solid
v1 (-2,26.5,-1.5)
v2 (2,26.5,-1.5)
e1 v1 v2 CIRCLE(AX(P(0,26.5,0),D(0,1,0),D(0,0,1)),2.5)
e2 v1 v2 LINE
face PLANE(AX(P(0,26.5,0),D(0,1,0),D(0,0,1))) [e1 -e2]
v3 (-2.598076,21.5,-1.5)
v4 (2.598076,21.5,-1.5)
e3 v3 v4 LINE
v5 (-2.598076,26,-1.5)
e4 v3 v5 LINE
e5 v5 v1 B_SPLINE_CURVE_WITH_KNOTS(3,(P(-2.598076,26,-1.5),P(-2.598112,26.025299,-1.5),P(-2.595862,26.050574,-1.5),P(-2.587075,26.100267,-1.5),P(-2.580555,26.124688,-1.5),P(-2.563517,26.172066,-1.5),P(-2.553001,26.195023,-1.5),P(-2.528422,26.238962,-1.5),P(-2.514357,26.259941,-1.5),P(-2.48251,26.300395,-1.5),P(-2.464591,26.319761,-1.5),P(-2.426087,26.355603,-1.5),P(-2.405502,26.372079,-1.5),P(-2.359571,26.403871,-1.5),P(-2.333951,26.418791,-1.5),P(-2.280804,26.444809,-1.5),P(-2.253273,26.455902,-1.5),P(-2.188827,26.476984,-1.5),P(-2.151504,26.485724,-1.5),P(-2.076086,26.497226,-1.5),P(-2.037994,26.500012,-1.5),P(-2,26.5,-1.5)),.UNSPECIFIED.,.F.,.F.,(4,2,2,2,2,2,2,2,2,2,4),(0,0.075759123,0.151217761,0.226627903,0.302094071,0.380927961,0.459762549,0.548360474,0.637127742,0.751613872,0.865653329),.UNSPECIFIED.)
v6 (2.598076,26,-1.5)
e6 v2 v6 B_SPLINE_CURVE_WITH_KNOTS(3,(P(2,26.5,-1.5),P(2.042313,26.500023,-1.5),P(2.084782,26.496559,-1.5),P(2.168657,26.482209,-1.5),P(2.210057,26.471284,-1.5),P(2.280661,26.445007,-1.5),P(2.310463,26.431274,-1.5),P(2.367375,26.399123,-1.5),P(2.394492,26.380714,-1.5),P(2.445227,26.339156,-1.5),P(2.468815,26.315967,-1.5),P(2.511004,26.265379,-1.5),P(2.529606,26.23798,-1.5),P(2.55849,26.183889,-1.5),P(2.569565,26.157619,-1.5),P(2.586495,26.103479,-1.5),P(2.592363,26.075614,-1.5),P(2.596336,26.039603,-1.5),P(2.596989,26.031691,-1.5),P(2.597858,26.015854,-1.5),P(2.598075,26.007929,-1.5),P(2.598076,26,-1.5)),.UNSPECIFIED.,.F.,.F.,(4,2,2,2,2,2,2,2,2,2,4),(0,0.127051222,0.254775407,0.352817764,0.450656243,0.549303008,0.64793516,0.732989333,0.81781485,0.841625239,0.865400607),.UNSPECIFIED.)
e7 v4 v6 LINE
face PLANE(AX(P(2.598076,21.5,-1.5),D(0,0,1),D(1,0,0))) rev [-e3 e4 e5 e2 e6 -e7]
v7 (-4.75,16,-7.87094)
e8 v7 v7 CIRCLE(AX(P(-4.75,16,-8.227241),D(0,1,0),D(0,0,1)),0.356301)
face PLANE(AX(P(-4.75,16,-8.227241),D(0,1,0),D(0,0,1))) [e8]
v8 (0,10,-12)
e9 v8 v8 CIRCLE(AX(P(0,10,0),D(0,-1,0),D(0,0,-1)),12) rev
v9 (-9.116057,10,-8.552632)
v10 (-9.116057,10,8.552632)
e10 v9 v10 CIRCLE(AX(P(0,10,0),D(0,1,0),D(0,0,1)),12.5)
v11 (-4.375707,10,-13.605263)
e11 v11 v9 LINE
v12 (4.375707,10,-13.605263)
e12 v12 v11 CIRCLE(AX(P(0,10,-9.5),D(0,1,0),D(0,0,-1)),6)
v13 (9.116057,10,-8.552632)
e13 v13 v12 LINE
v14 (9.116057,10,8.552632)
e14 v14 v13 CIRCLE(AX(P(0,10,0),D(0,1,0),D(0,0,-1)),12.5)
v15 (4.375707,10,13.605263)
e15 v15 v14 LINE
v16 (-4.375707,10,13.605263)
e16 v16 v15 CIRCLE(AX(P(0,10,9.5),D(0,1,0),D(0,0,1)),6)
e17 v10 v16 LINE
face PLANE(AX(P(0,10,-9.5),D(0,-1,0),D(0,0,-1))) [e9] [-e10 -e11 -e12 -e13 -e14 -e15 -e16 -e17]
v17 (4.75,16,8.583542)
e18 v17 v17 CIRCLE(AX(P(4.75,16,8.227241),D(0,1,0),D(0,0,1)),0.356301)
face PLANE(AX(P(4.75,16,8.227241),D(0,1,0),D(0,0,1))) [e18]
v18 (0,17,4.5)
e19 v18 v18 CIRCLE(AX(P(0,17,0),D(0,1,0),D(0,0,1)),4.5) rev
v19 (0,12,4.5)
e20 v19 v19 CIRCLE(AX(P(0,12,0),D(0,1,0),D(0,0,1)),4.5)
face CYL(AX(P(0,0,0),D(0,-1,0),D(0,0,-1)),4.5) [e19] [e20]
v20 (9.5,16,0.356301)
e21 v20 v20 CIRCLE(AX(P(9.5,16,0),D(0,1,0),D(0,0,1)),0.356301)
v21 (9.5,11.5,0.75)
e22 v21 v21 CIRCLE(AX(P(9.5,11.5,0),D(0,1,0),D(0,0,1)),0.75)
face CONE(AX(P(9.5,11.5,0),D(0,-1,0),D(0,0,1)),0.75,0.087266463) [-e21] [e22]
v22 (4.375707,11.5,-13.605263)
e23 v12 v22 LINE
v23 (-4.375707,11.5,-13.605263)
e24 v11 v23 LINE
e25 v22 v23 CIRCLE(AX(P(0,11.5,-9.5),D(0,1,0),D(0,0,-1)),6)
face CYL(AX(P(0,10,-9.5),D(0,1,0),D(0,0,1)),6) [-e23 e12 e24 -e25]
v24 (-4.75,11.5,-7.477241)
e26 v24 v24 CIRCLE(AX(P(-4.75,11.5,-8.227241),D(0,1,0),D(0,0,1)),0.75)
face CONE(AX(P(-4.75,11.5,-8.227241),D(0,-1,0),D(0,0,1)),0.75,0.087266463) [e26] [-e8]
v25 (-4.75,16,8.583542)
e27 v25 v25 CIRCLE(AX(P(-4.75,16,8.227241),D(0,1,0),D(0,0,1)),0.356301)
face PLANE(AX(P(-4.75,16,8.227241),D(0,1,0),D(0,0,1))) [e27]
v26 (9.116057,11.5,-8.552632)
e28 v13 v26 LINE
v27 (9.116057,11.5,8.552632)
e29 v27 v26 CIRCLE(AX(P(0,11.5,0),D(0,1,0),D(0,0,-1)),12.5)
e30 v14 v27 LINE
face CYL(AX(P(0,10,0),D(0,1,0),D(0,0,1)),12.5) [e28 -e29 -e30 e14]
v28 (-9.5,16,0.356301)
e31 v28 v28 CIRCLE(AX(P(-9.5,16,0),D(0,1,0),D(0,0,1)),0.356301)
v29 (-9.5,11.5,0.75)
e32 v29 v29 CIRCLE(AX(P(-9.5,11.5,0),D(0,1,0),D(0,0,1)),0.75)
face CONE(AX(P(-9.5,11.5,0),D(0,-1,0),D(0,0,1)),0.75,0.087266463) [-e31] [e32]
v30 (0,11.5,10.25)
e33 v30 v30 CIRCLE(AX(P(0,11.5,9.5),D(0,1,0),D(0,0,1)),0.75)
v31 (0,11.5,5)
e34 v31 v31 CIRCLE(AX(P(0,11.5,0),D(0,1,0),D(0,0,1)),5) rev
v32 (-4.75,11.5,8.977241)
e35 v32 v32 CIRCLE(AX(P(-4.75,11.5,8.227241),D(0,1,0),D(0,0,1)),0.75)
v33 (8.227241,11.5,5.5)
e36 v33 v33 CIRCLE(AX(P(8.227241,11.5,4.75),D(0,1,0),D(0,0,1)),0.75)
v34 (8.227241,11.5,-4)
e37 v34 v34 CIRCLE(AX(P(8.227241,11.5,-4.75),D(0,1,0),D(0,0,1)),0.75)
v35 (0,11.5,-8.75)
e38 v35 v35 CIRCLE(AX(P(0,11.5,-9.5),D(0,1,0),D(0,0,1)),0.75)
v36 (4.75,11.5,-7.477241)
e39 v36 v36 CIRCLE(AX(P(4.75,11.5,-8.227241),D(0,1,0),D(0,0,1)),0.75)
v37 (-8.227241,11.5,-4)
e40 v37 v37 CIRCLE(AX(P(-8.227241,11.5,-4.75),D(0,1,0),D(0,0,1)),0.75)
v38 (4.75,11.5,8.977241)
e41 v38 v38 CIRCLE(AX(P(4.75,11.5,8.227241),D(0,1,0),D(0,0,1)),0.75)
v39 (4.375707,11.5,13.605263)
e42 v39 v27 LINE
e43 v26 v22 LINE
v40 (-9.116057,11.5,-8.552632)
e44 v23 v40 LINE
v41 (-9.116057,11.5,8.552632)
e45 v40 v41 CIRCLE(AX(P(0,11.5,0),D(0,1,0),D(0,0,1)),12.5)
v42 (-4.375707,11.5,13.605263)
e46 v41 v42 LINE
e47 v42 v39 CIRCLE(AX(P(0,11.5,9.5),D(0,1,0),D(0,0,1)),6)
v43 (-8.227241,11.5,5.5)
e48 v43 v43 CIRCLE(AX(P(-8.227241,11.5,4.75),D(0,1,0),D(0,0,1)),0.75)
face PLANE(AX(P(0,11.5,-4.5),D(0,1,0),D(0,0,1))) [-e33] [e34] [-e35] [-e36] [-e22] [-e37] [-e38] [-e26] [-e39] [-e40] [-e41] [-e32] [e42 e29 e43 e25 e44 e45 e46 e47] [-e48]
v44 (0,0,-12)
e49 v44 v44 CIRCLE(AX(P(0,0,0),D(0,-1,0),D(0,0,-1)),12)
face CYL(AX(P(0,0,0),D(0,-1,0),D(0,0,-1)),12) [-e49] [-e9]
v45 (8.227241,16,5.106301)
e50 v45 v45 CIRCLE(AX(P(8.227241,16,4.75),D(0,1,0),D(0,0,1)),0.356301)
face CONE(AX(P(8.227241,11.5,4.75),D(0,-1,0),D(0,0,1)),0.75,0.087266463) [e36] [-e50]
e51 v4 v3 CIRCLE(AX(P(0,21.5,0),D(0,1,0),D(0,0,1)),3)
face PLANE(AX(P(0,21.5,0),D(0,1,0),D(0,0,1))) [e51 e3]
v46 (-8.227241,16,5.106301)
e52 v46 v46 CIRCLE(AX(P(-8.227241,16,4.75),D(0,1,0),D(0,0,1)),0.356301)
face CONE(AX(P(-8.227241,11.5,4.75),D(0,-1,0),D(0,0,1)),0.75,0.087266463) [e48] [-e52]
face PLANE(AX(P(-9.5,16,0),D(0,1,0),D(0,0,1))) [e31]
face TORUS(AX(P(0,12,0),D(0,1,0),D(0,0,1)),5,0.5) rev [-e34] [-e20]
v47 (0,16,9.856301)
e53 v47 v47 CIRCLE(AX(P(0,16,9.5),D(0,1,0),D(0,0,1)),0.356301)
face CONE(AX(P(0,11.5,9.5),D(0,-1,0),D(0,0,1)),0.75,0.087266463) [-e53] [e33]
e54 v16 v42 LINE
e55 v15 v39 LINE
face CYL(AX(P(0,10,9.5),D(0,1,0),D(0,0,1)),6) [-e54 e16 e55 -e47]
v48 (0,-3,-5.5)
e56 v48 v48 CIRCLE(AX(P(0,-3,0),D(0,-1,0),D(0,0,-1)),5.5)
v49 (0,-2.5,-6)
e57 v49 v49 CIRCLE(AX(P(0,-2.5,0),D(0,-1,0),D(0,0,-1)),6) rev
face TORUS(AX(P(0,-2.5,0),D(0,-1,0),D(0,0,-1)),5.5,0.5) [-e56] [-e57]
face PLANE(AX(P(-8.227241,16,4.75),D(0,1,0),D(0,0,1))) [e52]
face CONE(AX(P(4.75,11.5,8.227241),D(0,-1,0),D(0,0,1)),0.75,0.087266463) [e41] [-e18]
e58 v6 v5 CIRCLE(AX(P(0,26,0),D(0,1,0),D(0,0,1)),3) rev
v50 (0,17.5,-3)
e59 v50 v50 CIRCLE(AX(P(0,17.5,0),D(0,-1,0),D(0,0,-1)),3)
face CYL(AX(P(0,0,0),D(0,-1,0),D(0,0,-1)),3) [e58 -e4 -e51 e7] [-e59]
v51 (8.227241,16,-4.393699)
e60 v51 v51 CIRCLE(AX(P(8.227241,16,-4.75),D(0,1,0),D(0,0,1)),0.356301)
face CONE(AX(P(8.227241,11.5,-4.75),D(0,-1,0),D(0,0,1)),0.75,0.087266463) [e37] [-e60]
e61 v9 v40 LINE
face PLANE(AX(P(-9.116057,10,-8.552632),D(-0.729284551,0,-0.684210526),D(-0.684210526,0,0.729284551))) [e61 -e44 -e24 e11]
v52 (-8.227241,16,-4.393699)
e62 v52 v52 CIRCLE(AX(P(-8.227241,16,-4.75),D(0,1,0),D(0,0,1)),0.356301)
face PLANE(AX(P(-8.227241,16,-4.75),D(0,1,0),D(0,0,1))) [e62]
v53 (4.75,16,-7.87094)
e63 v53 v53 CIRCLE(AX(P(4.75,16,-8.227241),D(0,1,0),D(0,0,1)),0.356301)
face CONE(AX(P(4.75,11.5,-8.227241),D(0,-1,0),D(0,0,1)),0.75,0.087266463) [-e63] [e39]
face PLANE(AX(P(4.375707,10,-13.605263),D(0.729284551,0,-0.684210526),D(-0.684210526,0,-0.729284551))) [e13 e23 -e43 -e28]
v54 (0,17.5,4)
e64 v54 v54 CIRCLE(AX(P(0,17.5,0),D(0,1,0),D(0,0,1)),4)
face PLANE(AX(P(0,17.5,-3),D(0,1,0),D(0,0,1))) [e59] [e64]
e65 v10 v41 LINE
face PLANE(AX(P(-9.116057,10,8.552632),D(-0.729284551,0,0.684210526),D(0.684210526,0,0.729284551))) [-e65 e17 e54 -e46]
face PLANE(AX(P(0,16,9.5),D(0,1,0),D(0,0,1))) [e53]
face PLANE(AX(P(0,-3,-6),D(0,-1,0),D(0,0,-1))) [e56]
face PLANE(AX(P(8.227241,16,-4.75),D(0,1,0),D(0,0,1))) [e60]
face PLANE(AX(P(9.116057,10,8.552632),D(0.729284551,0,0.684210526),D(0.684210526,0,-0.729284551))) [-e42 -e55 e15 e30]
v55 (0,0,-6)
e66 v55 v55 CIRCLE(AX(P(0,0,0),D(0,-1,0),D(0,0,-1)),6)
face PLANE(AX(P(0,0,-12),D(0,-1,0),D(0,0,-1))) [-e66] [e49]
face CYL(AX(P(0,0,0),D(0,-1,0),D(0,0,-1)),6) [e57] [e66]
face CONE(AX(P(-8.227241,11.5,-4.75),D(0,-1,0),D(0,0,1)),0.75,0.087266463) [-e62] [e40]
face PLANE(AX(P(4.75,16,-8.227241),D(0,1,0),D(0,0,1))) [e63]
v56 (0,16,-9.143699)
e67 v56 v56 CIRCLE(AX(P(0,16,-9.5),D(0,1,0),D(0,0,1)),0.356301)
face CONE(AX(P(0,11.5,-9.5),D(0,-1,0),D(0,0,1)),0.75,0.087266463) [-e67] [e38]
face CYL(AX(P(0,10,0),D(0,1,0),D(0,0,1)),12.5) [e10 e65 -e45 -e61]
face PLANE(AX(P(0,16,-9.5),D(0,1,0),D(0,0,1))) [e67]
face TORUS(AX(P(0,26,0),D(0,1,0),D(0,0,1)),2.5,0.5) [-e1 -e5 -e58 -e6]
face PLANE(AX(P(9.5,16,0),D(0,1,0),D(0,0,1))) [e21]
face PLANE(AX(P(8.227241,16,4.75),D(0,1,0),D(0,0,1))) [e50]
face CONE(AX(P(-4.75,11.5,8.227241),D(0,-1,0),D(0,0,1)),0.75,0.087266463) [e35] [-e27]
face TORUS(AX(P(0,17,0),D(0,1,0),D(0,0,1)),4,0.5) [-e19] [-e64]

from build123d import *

# Parameters (mm, degrees)
CUT_EXTRUDE1_START             = -5
CUT_EXTRUDE1_DEPTH             = 5
FILLET1_R                      = 0.5
BOSS_EXTRUDE1_DEPTH            = 1.5
SKETCH4_R                      = 0.75
BOSS_EXTRUDE2_DEPTH            = 4.5
BOSS_EXTRUDE2_DRAFT            = 5
BOSS_EXTRUDE2_PROFILE_2_DEPTH  = 4.5
BOSS_EXTRUDE2_PROFILE_2_DRAFT  = 5
BOSS_EXTRUDE2_PROFILE_3_DEPTH  = 4.5
BOSS_EXTRUDE2_PROFILE_3_DRAFT  = 5
BOSS_EXTRUDE2_PROFILE_4_DEPTH  = 4.5
BOSS_EXTRUDE2_PROFILE_4_DRAFT  = 5
BOSS_EXTRUDE2_PROFILE_5_DEPTH  = 4.5
BOSS_EXTRUDE2_PROFILE_5_DRAFT  = 5
BOSS_EXTRUDE2_PROFILE_6_DEPTH  = 4.5
BOSS_EXTRUDE2_PROFILE_6_DRAFT  = 5
BOSS_EXTRUDE2_PROFILE_7_DEPTH  = 4.5
BOSS_EXTRUDE2_PROFILE_7_DRAFT  = 5
BOSS_EXTRUDE2_PROFILE_8_DEPTH  = 4.5
BOSS_EXTRUDE2_PROFILE_8_DRAFT  = 5
BOSS_EXTRUDE2_PROFILE_9_DEPTH  = 4.5
BOSS_EXTRUDE2_PROFILE_9_DRAFT  = 5
BOSS_EXTRUDE2_PROFILE_10_DEPTH = 4.5
BOSS_EXTRUDE2_PROFILE_10_DRAFT = 5
BOSS_EXTRUDE2_PROFILE_11_DEPTH = 4.5
BOSS_EXTRUDE2_PROFILE_11_DRAFT = 5
BOSS_EXTRUDE2_PROFILE_12_DEPTH = 4.5
BOSS_EXTRUDE2_PROFILE_12_DRAFT = 5


with BuildPart() as part:
    # Sketch1 → Revolve1 (revolve)
    with BuildSketch(Plane(origin=(0, 0, 0), x_dir=(0, 0, -1), z_dir=(1, 0, 0))):
        Polygon((4.5, 17.5), (4.5, 11.5), (12, 11.5), (12, 0), (6, 0), (6, -3), (0, -3), (0, 0), (0, 26.5), (3, 26.5), (3, 17.5), align=None)
    revolve(axis=Axis((0, 0, 0), (0, 1, 0)))

    # Sketch2 → Cut-Extrude1 (cut)
    with BuildSketch(Plane(origin=(0, 26.5, 0), x_dir=(1, 0, 0), z_dir=(0, 1, 0)).offset(CUT_EXTRUDE1_START)):
        with BuildLine():
            Line((2.598076211, 1.5), (-2.598076211, 1.5))
            ThreePointArc((-2.598076211, 1.5), (0, 3), (2.598076211, 1.5))
        make_face()
    extrude(amount=CUT_EXTRUDE1_DEPTH, mode=Mode.SUBTRACT)

    # Fillet1
    fillet1_edges = [part.edges().sort_by_distance(p)[0] for p in [
        (0, 11.5, 4.5),
        (0, 17.5, 4.5),
        (0, 26.5, 3),
        (0, -3, 6),
    ]]
    fillet(fillet1_edges, radius=FILLET1_R)

    # Sketch3 → Boss-Extrude1 (add)
    with BuildSketch(Plane(origin=(0, 11.5, 0), x_dir=(1, 0, 0), z_dir=(0, 1, 0))):
        with BuildLine():
            Line((-9.116056882, 8.552631579), (-4.375707303, 13.605263158))
            ThreePointArc((-4.375707303, 13.605263158), (0, 15.5), (4.375707303, 13.605263158))
            Line((4.375707303, 13.605263158), (9.116056882, 8.552631579))
            ThreePointArc((9.116056882, 8.552631579), (12.5, 0), (9.116056882, -8.552631579))
            Line((9.116056882, -8.552631579), (4.375707303, -13.605263158))
            ThreePointArc((4.375707303, -13.605263158), (0, -15.5), (-4.375707303, -13.605263158))
            Line((-4.375707303, -13.605263158), (-9.116056882, -8.552631579))
            ThreePointArc((-9.116056882, -8.552631579), (-12.5, 0), (-9.116056882, 8.552631579))
        make_face()
    extrude(amount=-BOSS_EXTRUDE1_DEPTH)


with BuildPart() as boss_extrude2_tool:
    # Sketch4 → Boss-Extrude2 (with draft: the straight prism first)
    with BuildSketch(Plane(origin=(0, 11.5, 0), x_dir=(1, 0, 0), z_dir=(0, 1, 0))):
        with Locations((0, -9.5)):
            Circle(SKETCH4_R)
    extrude(amount=BOSS_EXTRUDE2_DEPTH)
    # Boss-Extrude2: the draft: its side faces are tilted about the plane it starts from
    boss_extrude2_sides = [boss_extrude2_tool.faces().sort_by_distance(p)[0] for p in [
        (-0.75, 13.75, 9.5),
    ]]
    draft(boss_extrude2_sides, Plane(origin=(0, 11.5, 0), x_dir=(1, 0, 0), z_dir=(0, 1, 0)), BOSS_EXTRUDE2_DRAFT)


with BuildPart() as part_1:
    add(part.part)

    # Boss-Extrude2: add boss_extrude2_tool
    add(boss_extrude2_tool.part)


with BuildPart() as boss_extrude2_profile_2_tool:
    # Sketch4 → Boss-Extrude2 profile 2 (with draft: the straight prism first)
    with BuildSketch(Plane(origin=(0, 11.5, 0), x_dir=(1, 0, 0), z_dir=(0, 1, 0))):
        with Locations((-4.75, -8.227241336)):
            Circle(SKETCH4_R)
    extrude(amount=BOSS_EXTRUDE2_PROFILE_2_DEPTH)
    # Boss-Extrude2 profile 2: the draft: its side faces are tilted about the plane it starts from
    boss_extrude2_profile_2_sides = [boss_extrude2_profile_2_tool.faces().sort_by_distance(p)[0] for p in [
        (-5.5, 13.75, 8.227241336),
    ]]
    draft(boss_extrude2_profile_2_sides, Plane(origin=(0, 11.5, 0), x_dir=(1, 0, 0), z_dir=(0, 1, 0)), BOSS_EXTRUDE2_PROFILE_2_DRAFT)


with BuildPart() as part_2:
    add(part_1.part)

    # Boss-Extrude2 profile 2: add boss_extrude2_profile_2_tool
    add(boss_extrude2_profile_2_tool.part)


with BuildPart() as boss_extrude2_profile_3_tool:
    # Sketch4 → Boss-Extrude2 profile 3 (with draft: the straight prism first)
    with BuildSketch(Plane(origin=(0, 11.5, 0), x_dir=(1, 0, 0), z_dir=(0, 1, 0))):
        with Locations((-8.227241336, -4.75)):
            Circle(SKETCH4_R)
    extrude(amount=BOSS_EXTRUDE2_PROFILE_3_DEPTH)
    # Boss-Extrude2 profile 3: the draft: its side faces are tilted about the plane it starts from
    boss_extrude2_profile_3_sides = [boss_extrude2_profile_3_tool.faces().sort_by_distance(p)[0] for p in [
        (-8.977241336, 13.75, 4.75),
    ]]
    draft(boss_extrude2_profile_3_sides, Plane(origin=(0, 11.5, 0), x_dir=(1, 0, 0), z_dir=(0, 1, 0)), BOSS_EXTRUDE2_PROFILE_3_DRAFT)


with BuildPart() as part_3:
    add(part_2.part)

    # Boss-Extrude2 profile 3: add boss_extrude2_profile_3_tool
    add(boss_extrude2_profile_3_tool.part)


with BuildPart() as boss_extrude2_profile_4_tool:
    # Sketch4 → Boss-Extrude2 profile 4 (with draft: the straight prism first)
    with BuildSketch(Plane(origin=(0, 11.5, 0), x_dir=(1, 0, 0), z_dir=(0, 1, 0))):
        with Locations((-9.5, 0)):
            Circle(SKETCH4_R)
    extrude(amount=BOSS_EXTRUDE2_PROFILE_4_DEPTH)
    # Boss-Extrude2 profile 4: the draft: its side faces are tilted about the plane it starts from
    boss_extrude2_profile_4_sides = [boss_extrude2_profile_4_tool.faces().sort_by_distance(p)[0] for p in [
        (-10.25, 13.75, 0),
    ]]
    draft(boss_extrude2_profile_4_sides, Plane(origin=(0, 11.5, 0), x_dir=(1, 0, 0), z_dir=(0, 1, 0)), BOSS_EXTRUDE2_PROFILE_4_DRAFT)


with BuildPart() as part_4:
    add(part_3.part)

    # Boss-Extrude2 profile 4: add boss_extrude2_profile_4_tool
    add(boss_extrude2_profile_4_tool.part)


with BuildPart() as boss_extrude2_profile_5_tool:
    # Sketch4 → Boss-Extrude2 profile 5 (with draft: the straight prism first)
    with BuildSketch(Plane(origin=(0, 11.5, 0), x_dir=(1, 0, 0), z_dir=(0, 1, 0))):
        with Locations((-8.227241336, 4.75)):
            Circle(SKETCH4_R)
    extrude(amount=BOSS_EXTRUDE2_PROFILE_5_DEPTH)
    # Boss-Extrude2 profile 5: the draft: its side faces are tilted about the plane it starts from
    boss_extrude2_profile_5_sides = [boss_extrude2_profile_5_tool.faces().sort_by_distance(p)[0] for p in [
        (-8.977241336, 13.75, -4.75),
    ]]
    draft(boss_extrude2_profile_5_sides, Plane(origin=(0, 11.5, 0), x_dir=(1, 0, 0), z_dir=(0, 1, 0)), BOSS_EXTRUDE2_PROFILE_5_DRAFT)


with BuildPart() as part_5:
    add(part_4.part)

    # Boss-Extrude2 profile 5: add boss_extrude2_profile_5_tool
    add(boss_extrude2_profile_5_tool.part)


with BuildPart() as boss_extrude2_profile_6_tool:
    # Sketch4 → Boss-Extrude2 profile 6 (with draft: the straight prism first)
    with BuildSketch(Plane(origin=(0, 11.5, 0), x_dir=(1, 0, 0), z_dir=(0, 1, 0))):
        with Locations((-4.75, 8.227241336)):
            Circle(SKETCH4_R)
    extrude(amount=BOSS_EXTRUDE2_PROFILE_6_DEPTH)
    # Boss-Extrude2 profile 6: the draft: its side faces are tilted about the plane it starts from
    boss_extrude2_profile_6_sides = [boss_extrude2_profile_6_tool.faces().sort_by_distance(p)[0] for p in [
        (-5.5, 13.75, -8.227241336),
    ]]
    draft(boss_extrude2_profile_6_sides, Plane(origin=(0, 11.5, 0), x_dir=(1, 0, 0), z_dir=(0, 1, 0)), BOSS_EXTRUDE2_PROFILE_6_DRAFT)


with BuildPart() as part_6:
    add(part_5.part)

    # Boss-Extrude2 profile 6: add boss_extrude2_profile_6_tool
    add(boss_extrude2_profile_6_tool.part)


with BuildPart() as boss_extrude2_profile_7_tool:
    # Sketch4 → Boss-Extrude2 profile 7 (with draft: the straight prism first)
    with BuildSketch(Plane(origin=(0, 11.5, 0), x_dir=(1, 0, 0), z_dir=(0, 1, 0))):
        with Locations((0, 9.5)):
            Circle(SKETCH4_R)
    extrude(amount=BOSS_EXTRUDE2_PROFILE_7_DEPTH)
    # Boss-Extrude2 profile 7: the draft: its side faces are tilted about the plane it starts from
    boss_extrude2_profile_7_sides = [boss_extrude2_profile_7_tool.faces().sort_by_distance(p)[0] for p in [
        (-0.75, 13.75, -9.5),
    ]]
    draft(boss_extrude2_profile_7_sides, Plane(origin=(0, 11.5, 0), x_dir=(1, 0, 0), z_dir=(0, 1, 0)), BOSS_EXTRUDE2_PROFILE_7_DRAFT)


with BuildPart() as part_7:
    add(part_6.part)

    # Boss-Extrude2 profile 7: add boss_extrude2_profile_7_tool
    add(boss_extrude2_profile_7_tool.part)


with BuildPart() as boss_extrude2_profile_8_tool:
    # Sketch4 → Boss-Extrude2 profile 8 (with draft: the straight prism first)
    with BuildSketch(Plane(origin=(0, 11.5, 0), x_dir=(1, 0, 0), z_dir=(0, 1, 0))):
        with Locations((4.75, 8.227241336)):
            Circle(SKETCH4_R)
    extrude(amount=BOSS_EXTRUDE2_PROFILE_8_DEPTH)
    # Boss-Extrude2 profile 8: the draft: its side faces are tilted about the plane it starts from
    boss_extrude2_profile_8_sides = [boss_extrude2_profile_8_tool.faces().sort_by_distance(p)[0] for p in [
        (4, 13.75, -8.227241336),
    ]]
    draft(boss_extrude2_profile_8_sides, Plane(origin=(0, 11.5, 0), x_dir=(1, 0, 0), z_dir=(0, 1, 0)), BOSS_EXTRUDE2_PROFILE_8_DRAFT)


with BuildPart() as part_8:
    add(part_7.part)

    # Boss-Extrude2 profile 8: add boss_extrude2_profile_8_tool
    add(boss_extrude2_profile_8_tool.part)


with BuildPart() as boss_extrude2_profile_9_tool:
    # Sketch4 → Boss-Extrude2 profile 9 (with draft: the straight prism first)
    with BuildSketch(Plane(origin=(0, 11.5, 0), x_dir=(1, 0, 0), z_dir=(0, 1, 0))):
        with Locations((8.227241336, 4.75)):
            Circle(SKETCH4_R)
    extrude(amount=BOSS_EXTRUDE2_PROFILE_9_DEPTH)
    # Boss-Extrude2 profile 9: the draft: its side faces are tilted about the plane it starts from
    boss_extrude2_profile_9_sides = [boss_extrude2_profile_9_tool.faces().sort_by_distance(p)[0] for p in [
        (7.477241336, 13.75, -4.75),
    ]]
    draft(boss_extrude2_profile_9_sides, Plane(origin=(0, 11.5, 0), x_dir=(1, 0, 0), z_dir=(0, 1, 0)), BOSS_EXTRUDE2_PROFILE_9_DRAFT)


with BuildPart() as part_9:
    add(part_8.part)

    # Boss-Extrude2 profile 9: add boss_extrude2_profile_9_tool
    add(boss_extrude2_profile_9_tool.part)


with BuildPart() as boss_extrude2_profile_10_tool:
    # Sketch4 → Boss-Extrude2 profile 10 (with draft: the straight prism first)
    with BuildSketch(Plane(origin=(0, 11.5, 0), x_dir=(1, 0, 0), z_dir=(0, 1, 0))):
        with Locations((9.5, 0)):
            Circle(SKETCH4_R)
    extrude(amount=BOSS_EXTRUDE2_PROFILE_10_DEPTH)
    # Boss-Extrude2 profile 10: the draft: its side faces are tilted about the plane it starts from
    boss_extrude2_profile_10_sides = [boss_extrude2_profile_10_tool.faces().sort_by_distance(p)[0] for p in [
        (8.75, 13.75, 0),
    ]]
    draft(boss_extrude2_profile_10_sides, Plane(origin=(0, 11.5, 0), x_dir=(1, 0, 0), z_dir=(0, 1, 0)), BOSS_EXTRUDE2_PROFILE_10_DRAFT)


with BuildPart() as part_10:
    add(part_9.part)

    # Boss-Extrude2 profile 10: add boss_extrude2_profile_10_tool
    add(boss_extrude2_profile_10_tool.part)


with BuildPart() as boss_extrude2_profile_11_tool:
    # Sketch4 → Boss-Extrude2 profile 11 (with draft: the straight prism first)
    with BuildSketch(Plane(origin=(0, 11.5, 0), x_dir=(1, 0, 0), z_dir=(0, 1, 0))):
        with Locations((8.227241336, -4.75)):
            Circle(SKETCH4_R)
    extrude(amount=BOSS_EXTRUDE2_PROFILE_11_DEPTH)
    # Boss-Extrude2 profile 11: the draft: its side faces are tilted about the plane it starts from
    boss_extrude2_profile_11_sides = [boss_extrude2_profile_11_tool.faces().sort_by_distance(p)[0] for p in [
        (7.477241336, 13.75, 4.75),
    ]]
    draft(boss_extrude2_profile_11_sides, Plane(origin=(0, 11.5, 0), x_dir=(1, 0, 0), z_dir=(0, 1, 0)), BOSS_EXTRUDE2_PROFILE_11_DRAFT)


with BuildPart() as part_11:
    add(part_10.part)

    # Boss-Extrude2 profile 11: add boss_extrude2_profile_11_tool
    add(boss_extrude2_profile_11_tool.part)


with BuildPart() as boss_extrude2_profile_12_tool:
    # Sketch4 → Boss-Extrude2 profile 12 (with draft: the straight prism first)
    with BuildSketch(Plane(origin=(0, 11.5, 0), x_dir=(1, 0, 0), z_dir=(0, 1, 0))):
        with Locations((4.75, -8.227241336)):
            Circle(SKETCH4_R)
    extrude(amount=BOSS_EXTRUDE2_PROFILE_12_DEPTH)
    # Boss-Extrude2 profile 12: the draft: its side faces are tilted about the plane it starts from
    boss_extrude2_profile_12_sides = [boss_extrude2_profile_12_tool.faces().sort_by_distance(p)[0] for p in [
        (4, 13.75, 8.227241336),
    ]]
    draft(boss_extrude2_profile_12_sides, Plane(origin=(0, 11.5, 0), x_dir=(1, 0, 0), z_dir=(0, 1, 0)), BOSS_EXTRUDE2_PROFILE_12_DRAFT)


with BuildPart() as part_12:
    add(part_11.part)

    # Boss-Extrude2 profile 12: add boss_extrude2_profile_12_tool
    add(boss_extrude2_profile_12_tool.part)


solid = part_12.part
